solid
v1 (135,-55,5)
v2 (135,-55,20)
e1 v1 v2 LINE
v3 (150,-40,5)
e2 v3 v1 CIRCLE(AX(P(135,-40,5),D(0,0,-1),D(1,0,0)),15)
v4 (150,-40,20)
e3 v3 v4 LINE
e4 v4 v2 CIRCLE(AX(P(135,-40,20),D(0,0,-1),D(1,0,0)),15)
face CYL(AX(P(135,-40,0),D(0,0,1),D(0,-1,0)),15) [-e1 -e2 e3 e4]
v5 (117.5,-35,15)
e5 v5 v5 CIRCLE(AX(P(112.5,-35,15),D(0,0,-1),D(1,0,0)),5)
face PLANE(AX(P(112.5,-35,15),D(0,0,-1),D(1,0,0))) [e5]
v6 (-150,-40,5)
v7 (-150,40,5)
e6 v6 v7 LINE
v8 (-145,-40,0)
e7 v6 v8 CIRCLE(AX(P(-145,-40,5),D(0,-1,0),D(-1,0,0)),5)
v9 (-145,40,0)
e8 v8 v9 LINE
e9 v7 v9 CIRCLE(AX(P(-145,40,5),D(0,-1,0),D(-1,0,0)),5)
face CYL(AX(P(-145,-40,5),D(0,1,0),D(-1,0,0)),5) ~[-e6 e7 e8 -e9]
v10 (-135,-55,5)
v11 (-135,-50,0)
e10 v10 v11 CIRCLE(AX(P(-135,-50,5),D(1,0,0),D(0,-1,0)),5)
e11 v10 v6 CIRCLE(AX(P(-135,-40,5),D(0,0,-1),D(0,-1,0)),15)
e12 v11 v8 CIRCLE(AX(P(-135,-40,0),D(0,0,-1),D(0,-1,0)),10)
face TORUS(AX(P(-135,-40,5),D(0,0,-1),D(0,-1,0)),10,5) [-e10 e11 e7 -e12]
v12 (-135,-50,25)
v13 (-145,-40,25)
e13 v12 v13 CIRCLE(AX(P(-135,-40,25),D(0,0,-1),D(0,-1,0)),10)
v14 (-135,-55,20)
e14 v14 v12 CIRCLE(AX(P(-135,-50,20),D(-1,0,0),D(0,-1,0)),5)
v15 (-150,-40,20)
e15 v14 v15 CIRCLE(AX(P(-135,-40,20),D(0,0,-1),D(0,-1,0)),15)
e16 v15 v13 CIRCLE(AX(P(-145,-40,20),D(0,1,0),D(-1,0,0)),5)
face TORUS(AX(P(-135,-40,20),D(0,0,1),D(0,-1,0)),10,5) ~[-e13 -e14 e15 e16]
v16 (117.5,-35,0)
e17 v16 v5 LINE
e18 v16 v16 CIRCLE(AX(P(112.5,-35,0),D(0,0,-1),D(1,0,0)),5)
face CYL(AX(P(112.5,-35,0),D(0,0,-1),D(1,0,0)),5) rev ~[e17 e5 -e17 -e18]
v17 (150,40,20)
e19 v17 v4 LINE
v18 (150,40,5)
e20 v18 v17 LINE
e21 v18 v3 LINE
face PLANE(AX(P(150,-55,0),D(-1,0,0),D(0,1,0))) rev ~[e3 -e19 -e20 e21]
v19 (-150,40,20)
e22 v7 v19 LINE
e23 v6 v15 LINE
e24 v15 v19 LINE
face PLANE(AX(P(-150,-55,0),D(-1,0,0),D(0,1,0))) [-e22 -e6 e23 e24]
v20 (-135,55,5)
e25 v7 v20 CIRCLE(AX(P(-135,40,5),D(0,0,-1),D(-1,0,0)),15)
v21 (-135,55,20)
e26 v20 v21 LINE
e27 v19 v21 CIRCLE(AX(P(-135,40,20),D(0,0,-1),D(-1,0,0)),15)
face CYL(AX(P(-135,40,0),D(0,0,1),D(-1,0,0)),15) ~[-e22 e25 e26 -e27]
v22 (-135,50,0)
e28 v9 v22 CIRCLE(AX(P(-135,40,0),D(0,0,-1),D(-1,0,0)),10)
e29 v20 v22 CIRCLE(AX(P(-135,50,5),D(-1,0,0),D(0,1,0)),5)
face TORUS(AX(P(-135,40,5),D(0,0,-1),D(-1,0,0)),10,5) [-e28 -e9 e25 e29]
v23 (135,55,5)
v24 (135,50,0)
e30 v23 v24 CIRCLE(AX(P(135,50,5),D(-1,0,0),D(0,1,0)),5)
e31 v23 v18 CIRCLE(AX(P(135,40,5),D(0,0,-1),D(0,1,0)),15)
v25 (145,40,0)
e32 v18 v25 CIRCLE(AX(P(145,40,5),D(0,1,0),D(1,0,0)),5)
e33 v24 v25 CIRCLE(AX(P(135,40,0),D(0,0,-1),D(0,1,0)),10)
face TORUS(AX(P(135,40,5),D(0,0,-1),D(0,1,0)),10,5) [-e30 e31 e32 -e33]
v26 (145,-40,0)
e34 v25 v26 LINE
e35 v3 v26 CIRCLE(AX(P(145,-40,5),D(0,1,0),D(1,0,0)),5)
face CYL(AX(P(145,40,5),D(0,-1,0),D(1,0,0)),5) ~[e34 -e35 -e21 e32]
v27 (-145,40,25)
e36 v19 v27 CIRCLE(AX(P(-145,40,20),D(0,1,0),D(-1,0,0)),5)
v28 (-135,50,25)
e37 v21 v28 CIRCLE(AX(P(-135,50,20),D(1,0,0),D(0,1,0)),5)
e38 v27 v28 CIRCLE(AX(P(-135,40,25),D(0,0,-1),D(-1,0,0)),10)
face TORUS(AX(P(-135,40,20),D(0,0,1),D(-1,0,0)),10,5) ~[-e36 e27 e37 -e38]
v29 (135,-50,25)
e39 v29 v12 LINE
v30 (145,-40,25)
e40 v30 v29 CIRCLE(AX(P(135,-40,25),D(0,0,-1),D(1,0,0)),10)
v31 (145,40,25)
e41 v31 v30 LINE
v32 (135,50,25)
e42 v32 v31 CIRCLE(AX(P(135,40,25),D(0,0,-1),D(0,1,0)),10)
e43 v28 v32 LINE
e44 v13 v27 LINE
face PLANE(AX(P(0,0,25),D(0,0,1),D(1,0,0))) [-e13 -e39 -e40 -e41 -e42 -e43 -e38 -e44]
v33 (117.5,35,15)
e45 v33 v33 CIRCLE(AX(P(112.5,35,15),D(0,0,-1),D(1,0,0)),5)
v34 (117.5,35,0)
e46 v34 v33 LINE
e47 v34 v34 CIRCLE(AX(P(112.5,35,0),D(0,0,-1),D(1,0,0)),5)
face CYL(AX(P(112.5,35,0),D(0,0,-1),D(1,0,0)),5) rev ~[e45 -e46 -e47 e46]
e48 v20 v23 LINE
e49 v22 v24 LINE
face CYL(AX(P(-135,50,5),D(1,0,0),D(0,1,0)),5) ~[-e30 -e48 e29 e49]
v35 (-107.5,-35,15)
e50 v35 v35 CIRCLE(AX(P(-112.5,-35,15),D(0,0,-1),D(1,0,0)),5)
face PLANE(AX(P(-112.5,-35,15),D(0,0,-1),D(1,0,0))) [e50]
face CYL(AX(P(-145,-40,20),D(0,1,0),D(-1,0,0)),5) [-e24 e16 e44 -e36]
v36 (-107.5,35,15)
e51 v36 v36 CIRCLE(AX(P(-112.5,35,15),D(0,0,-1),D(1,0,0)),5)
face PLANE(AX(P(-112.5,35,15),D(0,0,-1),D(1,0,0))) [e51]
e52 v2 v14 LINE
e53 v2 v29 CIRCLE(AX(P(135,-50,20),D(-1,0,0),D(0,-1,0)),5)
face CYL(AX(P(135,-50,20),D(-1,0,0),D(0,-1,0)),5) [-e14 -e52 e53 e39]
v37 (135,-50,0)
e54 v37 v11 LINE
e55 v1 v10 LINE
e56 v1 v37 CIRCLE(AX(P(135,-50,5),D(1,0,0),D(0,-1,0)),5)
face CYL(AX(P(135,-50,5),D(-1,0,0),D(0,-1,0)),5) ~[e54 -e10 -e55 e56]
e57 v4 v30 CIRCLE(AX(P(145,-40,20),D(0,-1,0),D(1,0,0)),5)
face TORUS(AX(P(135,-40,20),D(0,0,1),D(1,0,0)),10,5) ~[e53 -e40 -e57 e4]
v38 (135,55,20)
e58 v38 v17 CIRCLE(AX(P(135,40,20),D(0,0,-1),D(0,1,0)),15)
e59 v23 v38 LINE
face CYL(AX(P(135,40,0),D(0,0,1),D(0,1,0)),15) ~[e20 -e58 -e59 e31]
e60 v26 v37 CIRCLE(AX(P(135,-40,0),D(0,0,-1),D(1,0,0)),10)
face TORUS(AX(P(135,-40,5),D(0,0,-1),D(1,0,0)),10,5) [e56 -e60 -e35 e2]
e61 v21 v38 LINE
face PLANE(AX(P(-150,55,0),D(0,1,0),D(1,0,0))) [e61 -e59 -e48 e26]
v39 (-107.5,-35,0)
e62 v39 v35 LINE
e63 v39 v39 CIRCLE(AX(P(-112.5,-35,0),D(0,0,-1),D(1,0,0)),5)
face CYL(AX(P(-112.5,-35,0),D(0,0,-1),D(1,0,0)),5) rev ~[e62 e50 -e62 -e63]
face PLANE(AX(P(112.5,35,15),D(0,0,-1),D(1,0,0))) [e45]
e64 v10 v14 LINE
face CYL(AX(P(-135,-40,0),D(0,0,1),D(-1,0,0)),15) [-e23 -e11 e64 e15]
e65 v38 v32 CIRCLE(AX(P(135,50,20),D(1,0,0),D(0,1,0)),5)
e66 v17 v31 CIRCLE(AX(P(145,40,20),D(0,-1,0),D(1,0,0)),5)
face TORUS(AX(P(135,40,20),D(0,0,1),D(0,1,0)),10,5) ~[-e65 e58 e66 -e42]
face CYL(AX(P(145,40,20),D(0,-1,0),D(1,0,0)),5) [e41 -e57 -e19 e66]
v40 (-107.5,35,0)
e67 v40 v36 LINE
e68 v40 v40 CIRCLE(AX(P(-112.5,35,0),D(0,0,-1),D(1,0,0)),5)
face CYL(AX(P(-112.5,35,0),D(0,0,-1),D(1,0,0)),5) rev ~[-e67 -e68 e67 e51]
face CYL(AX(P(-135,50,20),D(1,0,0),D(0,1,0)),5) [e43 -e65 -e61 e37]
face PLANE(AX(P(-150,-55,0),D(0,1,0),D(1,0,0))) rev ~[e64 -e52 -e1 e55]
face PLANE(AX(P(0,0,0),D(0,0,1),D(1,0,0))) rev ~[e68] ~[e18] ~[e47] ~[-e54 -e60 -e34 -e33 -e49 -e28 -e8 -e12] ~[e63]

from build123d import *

# Parameters (mm, degrees)
F0_W     = 300
F0_H     = 110
F1_DEPTH = 25
F2_R     = 5
F3_DEPTH = 15
F4_R     = 15
F5_R     = 5


with BuildPart() as f1:
    # F0 (on Top) → F1 (new body)
    with BuildSketch(Plane.XY):
        Rectangle(F0_W, F0_H)
    extrude(amount=F1_DEPTH)

    # F2 (on face) → F3 (cut)
    with BuildSketch(Plane(origin=(0, 0, 0), x_dir=(1, 0, 0), z_dir=(0, 0, -1))):
        with Locations((-112.5, 35)):
            Circle(F2_R)
        with Locations((112.5, 35)):
            Circle(F2_R)
        with Locations((112.5, -35)):
            Circle(F2_R)
        with Locations((-112.5, -35)):
            Circle(F2_R)
    extrude(amount=-F3_DEPTH, mode=Mode.SUBTRACT)

    # F4
    f4_edges = [f1.edges().sort_by_distance(p)[0] for p in [
        (-150, 55, 12.5),
        (-150, -55, 12.5),
        (150, -55, 12.5),
        (150, 55, 12.5),
    ]]
    fillet(f4_edges, radius=F4_R)

    # F5
    f5_edges = [f1.edges().sort_by_distance(p)[0] for p in [
        (-150, 0, 25),
        (-150, 0, 0),
    ]]
    fillet(f5_edges, radius=F5_R)


solid = f1.part
